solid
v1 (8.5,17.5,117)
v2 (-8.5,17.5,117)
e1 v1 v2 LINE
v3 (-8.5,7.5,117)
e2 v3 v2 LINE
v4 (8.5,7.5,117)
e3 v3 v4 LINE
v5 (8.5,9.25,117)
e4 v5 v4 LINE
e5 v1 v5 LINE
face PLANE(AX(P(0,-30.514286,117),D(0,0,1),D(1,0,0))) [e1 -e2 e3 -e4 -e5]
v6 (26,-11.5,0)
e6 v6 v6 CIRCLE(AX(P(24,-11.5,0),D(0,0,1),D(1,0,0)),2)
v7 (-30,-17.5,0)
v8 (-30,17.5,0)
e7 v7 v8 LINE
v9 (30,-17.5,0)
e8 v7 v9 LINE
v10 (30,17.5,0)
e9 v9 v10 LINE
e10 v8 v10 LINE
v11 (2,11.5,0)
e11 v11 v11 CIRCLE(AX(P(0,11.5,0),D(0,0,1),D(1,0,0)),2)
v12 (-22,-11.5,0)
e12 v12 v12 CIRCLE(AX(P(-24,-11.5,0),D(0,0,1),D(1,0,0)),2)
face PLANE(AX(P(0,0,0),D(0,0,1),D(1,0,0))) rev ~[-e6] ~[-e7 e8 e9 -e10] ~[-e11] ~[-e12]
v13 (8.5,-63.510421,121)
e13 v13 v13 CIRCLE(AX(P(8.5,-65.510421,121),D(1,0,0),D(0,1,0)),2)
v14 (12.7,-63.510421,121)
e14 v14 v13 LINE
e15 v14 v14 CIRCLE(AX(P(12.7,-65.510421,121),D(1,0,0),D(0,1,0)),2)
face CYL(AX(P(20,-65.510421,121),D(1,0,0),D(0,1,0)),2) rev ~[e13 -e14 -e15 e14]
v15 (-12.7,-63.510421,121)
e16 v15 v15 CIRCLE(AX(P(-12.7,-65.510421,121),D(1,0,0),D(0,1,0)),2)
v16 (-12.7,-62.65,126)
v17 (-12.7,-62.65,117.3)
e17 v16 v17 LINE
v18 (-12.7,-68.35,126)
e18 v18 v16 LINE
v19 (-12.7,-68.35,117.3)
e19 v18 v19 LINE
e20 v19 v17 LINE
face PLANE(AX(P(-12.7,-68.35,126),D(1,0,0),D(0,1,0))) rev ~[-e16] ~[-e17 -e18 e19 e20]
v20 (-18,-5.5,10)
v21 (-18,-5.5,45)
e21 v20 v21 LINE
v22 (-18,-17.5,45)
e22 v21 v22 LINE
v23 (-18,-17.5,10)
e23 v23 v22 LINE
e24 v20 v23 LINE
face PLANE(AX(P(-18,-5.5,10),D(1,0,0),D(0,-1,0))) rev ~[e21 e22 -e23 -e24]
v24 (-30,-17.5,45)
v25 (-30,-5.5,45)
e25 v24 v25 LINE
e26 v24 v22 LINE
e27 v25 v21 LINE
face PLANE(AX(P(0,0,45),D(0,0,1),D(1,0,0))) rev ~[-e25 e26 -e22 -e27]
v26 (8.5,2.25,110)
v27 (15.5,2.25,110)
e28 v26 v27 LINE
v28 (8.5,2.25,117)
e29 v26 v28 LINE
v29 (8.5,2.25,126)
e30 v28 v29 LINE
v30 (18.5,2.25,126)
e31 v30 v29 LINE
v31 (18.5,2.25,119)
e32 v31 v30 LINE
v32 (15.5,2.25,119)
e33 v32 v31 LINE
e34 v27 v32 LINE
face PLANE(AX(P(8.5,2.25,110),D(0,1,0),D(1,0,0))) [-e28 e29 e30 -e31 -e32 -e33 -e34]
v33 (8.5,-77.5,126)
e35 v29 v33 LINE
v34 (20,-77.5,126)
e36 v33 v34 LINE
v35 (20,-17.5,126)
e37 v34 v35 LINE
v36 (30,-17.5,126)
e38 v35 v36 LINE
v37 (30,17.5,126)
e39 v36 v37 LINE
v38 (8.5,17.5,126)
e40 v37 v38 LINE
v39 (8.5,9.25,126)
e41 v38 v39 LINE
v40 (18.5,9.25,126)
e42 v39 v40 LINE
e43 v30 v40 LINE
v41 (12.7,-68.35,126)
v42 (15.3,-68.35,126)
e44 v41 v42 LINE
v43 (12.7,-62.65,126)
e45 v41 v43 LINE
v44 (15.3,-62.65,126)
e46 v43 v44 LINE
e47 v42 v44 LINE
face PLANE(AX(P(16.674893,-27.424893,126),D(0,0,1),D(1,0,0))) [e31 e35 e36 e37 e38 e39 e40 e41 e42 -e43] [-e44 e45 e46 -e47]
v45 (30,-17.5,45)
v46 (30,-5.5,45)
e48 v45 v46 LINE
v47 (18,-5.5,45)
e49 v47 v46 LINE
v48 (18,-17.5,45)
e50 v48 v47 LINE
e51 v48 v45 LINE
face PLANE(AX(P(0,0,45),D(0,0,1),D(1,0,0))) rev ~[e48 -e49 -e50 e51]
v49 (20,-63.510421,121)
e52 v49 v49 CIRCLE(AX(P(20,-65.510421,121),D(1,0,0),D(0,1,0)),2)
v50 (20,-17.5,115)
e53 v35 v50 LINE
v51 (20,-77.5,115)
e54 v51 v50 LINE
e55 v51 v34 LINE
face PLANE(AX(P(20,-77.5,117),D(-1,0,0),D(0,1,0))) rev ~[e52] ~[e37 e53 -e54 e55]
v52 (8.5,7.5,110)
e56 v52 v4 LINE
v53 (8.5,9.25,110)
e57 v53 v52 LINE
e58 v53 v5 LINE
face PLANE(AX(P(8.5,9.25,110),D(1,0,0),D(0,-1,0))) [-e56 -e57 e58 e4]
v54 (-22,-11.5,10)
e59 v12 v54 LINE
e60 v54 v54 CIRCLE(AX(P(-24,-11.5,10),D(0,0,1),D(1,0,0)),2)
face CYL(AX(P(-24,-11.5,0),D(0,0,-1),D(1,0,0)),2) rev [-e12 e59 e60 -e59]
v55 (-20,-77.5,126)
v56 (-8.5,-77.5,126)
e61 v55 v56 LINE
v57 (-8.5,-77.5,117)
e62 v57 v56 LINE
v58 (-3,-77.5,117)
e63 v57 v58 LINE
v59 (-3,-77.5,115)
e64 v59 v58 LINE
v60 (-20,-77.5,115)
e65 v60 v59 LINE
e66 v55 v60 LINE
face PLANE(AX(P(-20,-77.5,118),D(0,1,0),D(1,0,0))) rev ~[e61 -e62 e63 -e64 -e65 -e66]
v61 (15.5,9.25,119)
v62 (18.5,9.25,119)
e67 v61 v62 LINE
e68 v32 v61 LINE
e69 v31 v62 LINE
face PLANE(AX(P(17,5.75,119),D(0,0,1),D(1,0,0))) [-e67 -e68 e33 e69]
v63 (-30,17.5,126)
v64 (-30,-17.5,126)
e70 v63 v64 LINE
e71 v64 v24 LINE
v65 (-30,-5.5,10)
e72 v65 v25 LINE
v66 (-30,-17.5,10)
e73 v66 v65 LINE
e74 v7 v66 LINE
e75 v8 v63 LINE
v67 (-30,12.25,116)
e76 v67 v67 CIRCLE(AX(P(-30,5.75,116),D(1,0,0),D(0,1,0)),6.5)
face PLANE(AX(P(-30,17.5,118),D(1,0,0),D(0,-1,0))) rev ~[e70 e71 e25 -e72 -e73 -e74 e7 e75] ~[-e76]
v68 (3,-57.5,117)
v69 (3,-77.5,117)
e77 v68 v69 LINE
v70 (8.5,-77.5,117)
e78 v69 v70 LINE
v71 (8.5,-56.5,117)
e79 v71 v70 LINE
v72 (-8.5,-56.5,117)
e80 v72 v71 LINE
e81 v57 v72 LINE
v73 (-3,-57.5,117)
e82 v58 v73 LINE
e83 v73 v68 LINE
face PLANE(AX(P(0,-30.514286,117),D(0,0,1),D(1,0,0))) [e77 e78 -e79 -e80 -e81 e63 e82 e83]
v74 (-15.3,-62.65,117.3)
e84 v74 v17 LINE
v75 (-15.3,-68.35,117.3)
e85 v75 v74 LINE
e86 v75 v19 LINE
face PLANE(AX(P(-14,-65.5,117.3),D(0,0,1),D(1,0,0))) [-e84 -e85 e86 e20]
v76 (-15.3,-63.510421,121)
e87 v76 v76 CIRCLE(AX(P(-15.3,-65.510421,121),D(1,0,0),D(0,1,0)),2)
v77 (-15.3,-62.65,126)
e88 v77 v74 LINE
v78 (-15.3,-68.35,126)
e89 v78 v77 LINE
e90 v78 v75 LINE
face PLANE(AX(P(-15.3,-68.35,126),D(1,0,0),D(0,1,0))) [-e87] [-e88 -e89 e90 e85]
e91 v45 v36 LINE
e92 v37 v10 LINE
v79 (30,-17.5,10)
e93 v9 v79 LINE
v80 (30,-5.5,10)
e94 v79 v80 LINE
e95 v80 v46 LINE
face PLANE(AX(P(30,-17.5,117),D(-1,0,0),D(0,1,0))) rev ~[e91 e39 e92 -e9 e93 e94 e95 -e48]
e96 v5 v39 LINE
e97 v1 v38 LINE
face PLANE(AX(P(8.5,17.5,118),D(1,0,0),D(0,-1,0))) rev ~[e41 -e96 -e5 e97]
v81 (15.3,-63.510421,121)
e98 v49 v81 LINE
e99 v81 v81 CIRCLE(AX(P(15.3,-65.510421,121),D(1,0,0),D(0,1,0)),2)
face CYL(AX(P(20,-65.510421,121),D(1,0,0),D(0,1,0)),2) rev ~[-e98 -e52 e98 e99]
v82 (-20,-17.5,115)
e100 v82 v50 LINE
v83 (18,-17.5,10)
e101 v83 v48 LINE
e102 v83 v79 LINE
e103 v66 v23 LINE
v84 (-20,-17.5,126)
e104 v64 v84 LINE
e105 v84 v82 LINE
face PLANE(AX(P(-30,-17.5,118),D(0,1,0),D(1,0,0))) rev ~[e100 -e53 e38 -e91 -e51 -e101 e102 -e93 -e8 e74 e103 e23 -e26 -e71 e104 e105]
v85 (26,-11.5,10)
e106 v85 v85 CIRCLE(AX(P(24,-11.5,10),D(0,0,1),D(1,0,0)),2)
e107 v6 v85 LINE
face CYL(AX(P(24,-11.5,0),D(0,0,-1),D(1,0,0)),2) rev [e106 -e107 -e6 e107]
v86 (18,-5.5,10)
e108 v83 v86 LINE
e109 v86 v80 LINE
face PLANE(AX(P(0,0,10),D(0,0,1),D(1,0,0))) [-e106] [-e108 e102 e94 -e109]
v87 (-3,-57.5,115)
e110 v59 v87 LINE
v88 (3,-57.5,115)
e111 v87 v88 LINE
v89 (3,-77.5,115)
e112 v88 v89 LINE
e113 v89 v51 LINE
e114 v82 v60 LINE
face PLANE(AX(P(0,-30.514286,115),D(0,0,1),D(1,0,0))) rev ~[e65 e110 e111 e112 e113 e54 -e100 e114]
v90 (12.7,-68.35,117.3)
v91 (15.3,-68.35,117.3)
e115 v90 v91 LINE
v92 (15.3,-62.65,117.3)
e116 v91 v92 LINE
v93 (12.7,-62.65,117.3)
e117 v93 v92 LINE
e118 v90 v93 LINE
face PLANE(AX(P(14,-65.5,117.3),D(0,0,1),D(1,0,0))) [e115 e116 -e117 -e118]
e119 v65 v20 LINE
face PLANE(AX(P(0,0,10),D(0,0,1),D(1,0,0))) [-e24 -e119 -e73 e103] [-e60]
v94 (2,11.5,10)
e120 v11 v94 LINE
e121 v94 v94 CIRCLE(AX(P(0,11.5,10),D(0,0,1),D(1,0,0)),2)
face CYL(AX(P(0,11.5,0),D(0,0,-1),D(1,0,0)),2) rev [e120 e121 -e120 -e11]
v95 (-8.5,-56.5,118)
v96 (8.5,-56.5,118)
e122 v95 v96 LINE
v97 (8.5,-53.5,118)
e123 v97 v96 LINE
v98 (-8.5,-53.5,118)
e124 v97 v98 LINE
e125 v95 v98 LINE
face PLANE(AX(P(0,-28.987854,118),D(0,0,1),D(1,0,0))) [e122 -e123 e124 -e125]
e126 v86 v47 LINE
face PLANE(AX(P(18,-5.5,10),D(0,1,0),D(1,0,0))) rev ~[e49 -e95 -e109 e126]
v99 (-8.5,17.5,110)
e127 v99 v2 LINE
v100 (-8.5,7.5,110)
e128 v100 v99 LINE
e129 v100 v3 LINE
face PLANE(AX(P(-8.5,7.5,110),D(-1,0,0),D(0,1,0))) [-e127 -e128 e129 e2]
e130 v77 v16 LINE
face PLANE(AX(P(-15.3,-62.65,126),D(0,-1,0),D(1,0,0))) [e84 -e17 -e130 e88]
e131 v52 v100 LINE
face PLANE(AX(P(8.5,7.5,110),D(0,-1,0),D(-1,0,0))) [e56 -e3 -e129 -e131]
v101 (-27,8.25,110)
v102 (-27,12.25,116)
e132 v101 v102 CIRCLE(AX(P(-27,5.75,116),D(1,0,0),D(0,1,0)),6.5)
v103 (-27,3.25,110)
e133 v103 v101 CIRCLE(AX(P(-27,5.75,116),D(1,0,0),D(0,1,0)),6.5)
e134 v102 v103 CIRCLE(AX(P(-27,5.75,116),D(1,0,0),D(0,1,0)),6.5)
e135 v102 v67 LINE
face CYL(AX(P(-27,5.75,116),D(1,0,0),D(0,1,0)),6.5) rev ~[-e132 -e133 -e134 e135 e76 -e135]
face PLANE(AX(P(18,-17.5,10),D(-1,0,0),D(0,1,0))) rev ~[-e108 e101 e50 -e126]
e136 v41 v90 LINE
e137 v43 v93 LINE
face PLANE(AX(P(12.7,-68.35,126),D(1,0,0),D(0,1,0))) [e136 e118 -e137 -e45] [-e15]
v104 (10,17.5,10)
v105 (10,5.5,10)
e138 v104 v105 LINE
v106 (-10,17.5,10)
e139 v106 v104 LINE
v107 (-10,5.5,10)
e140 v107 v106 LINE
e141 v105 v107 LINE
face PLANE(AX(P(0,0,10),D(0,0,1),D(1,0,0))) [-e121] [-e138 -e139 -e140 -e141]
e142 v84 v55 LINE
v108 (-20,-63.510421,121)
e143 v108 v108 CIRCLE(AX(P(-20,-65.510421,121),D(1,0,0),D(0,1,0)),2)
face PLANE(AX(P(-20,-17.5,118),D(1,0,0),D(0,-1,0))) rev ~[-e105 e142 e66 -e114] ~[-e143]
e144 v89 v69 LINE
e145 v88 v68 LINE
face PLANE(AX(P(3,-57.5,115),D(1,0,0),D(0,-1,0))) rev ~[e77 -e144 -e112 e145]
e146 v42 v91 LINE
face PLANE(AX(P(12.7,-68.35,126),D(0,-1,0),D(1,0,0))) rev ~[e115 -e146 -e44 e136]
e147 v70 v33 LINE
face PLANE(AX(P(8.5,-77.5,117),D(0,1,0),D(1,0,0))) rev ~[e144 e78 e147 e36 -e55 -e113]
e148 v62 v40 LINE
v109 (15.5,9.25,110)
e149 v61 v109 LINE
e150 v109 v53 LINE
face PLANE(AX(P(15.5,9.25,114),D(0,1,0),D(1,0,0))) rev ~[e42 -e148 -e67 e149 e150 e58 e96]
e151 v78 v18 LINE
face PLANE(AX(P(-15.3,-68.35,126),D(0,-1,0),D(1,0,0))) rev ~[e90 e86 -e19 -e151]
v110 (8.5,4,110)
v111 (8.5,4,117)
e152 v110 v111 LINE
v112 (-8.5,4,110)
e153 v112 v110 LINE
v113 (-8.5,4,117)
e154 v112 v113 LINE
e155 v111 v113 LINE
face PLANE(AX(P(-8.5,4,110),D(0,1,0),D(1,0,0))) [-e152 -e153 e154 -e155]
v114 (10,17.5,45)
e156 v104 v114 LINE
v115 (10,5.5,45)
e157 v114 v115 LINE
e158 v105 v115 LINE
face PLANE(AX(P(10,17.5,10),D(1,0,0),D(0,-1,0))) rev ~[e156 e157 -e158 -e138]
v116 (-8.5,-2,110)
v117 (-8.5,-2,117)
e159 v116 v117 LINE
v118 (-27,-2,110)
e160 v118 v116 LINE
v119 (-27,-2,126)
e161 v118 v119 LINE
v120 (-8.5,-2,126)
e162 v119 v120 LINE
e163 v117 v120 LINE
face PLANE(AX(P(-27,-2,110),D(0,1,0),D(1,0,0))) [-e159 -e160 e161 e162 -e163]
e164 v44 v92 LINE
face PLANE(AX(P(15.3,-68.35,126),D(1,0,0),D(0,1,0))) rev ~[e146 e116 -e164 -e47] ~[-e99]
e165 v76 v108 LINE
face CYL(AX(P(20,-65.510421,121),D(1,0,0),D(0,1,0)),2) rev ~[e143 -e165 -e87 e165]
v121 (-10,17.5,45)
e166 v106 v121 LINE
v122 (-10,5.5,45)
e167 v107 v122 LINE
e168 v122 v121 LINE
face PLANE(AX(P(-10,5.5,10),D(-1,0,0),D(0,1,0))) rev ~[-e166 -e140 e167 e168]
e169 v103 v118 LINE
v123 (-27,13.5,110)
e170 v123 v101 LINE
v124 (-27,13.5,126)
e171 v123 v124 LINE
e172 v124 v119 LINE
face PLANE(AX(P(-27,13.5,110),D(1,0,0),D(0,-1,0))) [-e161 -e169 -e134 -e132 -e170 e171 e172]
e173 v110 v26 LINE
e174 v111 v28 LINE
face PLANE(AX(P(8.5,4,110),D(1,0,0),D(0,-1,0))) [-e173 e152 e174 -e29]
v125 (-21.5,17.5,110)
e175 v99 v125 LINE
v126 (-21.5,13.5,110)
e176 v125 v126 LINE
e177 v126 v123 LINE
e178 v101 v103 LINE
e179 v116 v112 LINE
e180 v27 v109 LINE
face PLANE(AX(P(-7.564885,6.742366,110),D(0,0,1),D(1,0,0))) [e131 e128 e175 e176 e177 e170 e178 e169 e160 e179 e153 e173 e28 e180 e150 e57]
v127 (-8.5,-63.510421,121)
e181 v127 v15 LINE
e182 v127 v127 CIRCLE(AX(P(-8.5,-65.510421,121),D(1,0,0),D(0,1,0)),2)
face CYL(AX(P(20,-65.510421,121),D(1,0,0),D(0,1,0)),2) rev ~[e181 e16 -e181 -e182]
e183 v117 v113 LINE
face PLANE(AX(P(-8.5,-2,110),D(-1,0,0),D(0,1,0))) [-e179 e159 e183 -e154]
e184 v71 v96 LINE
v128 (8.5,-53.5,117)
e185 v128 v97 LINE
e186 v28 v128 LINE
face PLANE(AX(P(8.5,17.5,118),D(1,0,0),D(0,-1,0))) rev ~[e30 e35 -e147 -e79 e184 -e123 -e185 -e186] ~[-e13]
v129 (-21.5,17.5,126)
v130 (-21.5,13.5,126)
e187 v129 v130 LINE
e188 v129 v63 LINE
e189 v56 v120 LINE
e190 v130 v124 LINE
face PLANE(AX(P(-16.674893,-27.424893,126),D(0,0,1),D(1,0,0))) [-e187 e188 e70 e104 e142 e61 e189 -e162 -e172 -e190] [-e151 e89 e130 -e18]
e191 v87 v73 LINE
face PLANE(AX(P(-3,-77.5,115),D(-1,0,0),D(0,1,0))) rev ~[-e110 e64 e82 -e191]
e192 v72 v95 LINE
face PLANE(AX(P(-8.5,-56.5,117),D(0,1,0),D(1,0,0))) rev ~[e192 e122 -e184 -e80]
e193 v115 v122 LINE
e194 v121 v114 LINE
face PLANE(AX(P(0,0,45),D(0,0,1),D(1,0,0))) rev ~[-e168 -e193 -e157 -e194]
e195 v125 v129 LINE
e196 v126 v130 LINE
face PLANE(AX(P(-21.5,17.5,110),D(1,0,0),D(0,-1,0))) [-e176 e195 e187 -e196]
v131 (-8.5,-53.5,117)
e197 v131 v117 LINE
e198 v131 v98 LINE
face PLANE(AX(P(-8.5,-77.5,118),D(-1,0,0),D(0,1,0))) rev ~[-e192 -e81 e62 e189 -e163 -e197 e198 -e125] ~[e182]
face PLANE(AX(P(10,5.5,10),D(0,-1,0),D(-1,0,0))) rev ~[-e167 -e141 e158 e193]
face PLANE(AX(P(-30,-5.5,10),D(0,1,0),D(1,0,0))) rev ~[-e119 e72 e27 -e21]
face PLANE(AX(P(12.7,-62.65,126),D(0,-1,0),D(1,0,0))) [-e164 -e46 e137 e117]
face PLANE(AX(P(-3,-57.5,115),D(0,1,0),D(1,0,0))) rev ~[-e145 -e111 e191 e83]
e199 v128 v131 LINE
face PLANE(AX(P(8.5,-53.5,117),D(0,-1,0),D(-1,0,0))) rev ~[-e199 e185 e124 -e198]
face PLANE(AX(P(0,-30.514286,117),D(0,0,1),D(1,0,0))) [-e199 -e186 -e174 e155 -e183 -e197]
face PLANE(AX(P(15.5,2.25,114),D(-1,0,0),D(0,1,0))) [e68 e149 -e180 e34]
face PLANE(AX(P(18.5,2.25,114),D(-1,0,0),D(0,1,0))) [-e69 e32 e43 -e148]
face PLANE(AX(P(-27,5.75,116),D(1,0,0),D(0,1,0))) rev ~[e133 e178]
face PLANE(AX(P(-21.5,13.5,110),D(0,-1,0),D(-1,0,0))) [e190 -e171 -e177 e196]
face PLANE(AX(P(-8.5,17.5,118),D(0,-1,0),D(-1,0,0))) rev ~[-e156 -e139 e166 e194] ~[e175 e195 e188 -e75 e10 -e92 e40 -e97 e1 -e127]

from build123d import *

# Parameters (mm, degrees)
F0_W      = 60
F0_H      = 35
F0_R      = 2
F1_DEPTH  = 10
F3_DEPTH  = 35
F4_W      = 60
F4_H      = 35
F5_DEPTH  = 70
F7_DEPTH  = 2
F9_DEPTH  = 1
F11_DEPTH = 8
F12_R     = 2
F13_DEPTH = 45
F14_W     = 2.6
F14_H     = 5.7
F15_DEPTH = 8.7
F18_DEPTH = 16
F19_R     = 6.5
F20_DEPTH = 5
F22_W     = 3
F22_H     = 7
F23_DEPTH = 12
F24_DEPTH = 5


with BuildPart() as f1:
    # F0 (on Top) → F1 (new body)
    with BuildSketch(Plane.XY):
        Rectangle(F0_W, F0_H)
        with Locations((-24, -11.5)):
            Circle(F0_R, mode=Mode.SUBTRACT)
        with Locations((24, -11.5)):
            Circle(F0_R, mode=Mode.SUBTRACT)
        with Locations((0, 11.5)):
            Circle(F0_R, mode=Mode.SUBTRACT)
    extrude(amount=F1_DEPTH)

    # F2 (on face) → F3 (join)
    with BuildSketch(Plane.XY.offset(10)):
        Polygon((-10, 17.5), (-30, 17.5), (-30, -5.5), (-18, -5.5), (-18, -17.5), (18, -17.5), (18, -5.5), (30, -5.5), (30, 17.5), (10, 17.5), (10, 5.5), (-10, 5.5), align=None)
    extrude(amount=F3_DEPTH)

    # F4 (on face) → F5 (join)
    with BuildSketch(Plane.XY.offset(45)):
        Rectangle(F4_W, F4_H)
    extrude(amount=F5_DEPTH)

    # F6 (on face) → F7 (join)
    with BuildSketch(Plane.XY.offset(115)):
        Polygon((30, 17.5), (-30, 17.5), (-30, -17.5), (-20, -17.5), (-20, -77.5), (-3, -77.5), (-3, -57.5), (3, -57.5), (3, -77.5), (20, -77.5), (20, -17.5), (30, -17.5), align=None)
    extrude(amount=F7_DEPTH)

    # F8 (on face) → F9 (join)
    with BuildSketch(Plane.XY.offset(117)):
        Polygon((-30, 17.5), (-30, -17.5), (-20, -17.5), (-20, -77.5), (-8.5, -77.5), (-8.5, -56.5), (8.5, -56.5), (8.5, -77.5), (20, -77.5), (20, -17.5), (30, -17.5), (30, 17.5), (8.5, 17.5), (8.5, -53.5), (-8.5, -53.5), (-8.5, 17.5), align=None)
    extrude(amount=F9_DEPTH)

    # F10 (on face) → F11 (join)
    with BuildSketch(Plane.XY.offset(118)):
        Polygon((-20, -77.5), (-8.5, -77.5), (-8.5, 17.5), (-30, 17.5), (-30, -17.5), (-20, -17.5), align=None)
        Polygon((8.5, -77.5), (20, -77.5), (20, -17.5), (30, -17.5), (30, 17.5), (8.5, 17.5), align=None)
    extrude(amount=F11_DEPTH)

    # F12 (on face) → F13 (cut)
    with BuildSketch(Plane.YZ.offset(20)):
        with Locations((-65.5104211917, 121)):
            Circle(F12_R)
    extrude(amount=-F13_DEPTH, mode=Mode.SUBTRACT)

    # F14 (on face) → F15 (cut)
    with BuildSketch(Plane.XY.offset(126)):
        with Locations((14, -65.5)):
            Rectangle(F14_W, F14_H)
        with Locations((-14, -65.5)):
            Rectangle(F14_W, F14_H)
    extrude(amount=-F15_DEPTH, mode=Mode.SUBTRACT)

    # F17 (on offset) → F18 (cut)
    with BuildSketch(Plane.XY.offset(110)):
        Polygon((-21.5, 13.5), (-27, 13.5), (-27, -2), (-8.5, -2), (-8.5, 4), (8.5, 4), (8.5, 2.25), (15.5, 2.25), (15.5, 9.25), (8.5, 9.25), (8.5, 7.5), (-8.5, 7.5), (-8.5, 13.5), (-8.5, 17.5), (-21.5, 17.5), align=None)
    extrude(amount=F18_DEPTH, mode=Mode.SUBTRACT)

    # F19 (on face) → F20 (cut)
    with BuildSketch(Plane.YZ.offset(-27)):
        with Locations((5.75, 116)):
            Circle(F19_R)
    extrude(amount=-F20_DEPTH, mode=Mode.SUBTRACT)

    # F22 (on offset) → F23 (cut)
    with BuildSketch(Plane.XY.offset(114)):
        with Locations((17, 5.75)):
            Rectangle(F22_W, F22_H)
    extrude(amount=F23_DEPTH, mode=Mode.SUBTRACT)

    # F22 (on offset) → F24 (join)
    with BuildSketch(Plane.XY.offset(114)):
        with Locations((17, 5.75)):
            Rectangle(F22_W, F22_H)
    extrude(amount=F24_DEPTH)


solid = f1.part
